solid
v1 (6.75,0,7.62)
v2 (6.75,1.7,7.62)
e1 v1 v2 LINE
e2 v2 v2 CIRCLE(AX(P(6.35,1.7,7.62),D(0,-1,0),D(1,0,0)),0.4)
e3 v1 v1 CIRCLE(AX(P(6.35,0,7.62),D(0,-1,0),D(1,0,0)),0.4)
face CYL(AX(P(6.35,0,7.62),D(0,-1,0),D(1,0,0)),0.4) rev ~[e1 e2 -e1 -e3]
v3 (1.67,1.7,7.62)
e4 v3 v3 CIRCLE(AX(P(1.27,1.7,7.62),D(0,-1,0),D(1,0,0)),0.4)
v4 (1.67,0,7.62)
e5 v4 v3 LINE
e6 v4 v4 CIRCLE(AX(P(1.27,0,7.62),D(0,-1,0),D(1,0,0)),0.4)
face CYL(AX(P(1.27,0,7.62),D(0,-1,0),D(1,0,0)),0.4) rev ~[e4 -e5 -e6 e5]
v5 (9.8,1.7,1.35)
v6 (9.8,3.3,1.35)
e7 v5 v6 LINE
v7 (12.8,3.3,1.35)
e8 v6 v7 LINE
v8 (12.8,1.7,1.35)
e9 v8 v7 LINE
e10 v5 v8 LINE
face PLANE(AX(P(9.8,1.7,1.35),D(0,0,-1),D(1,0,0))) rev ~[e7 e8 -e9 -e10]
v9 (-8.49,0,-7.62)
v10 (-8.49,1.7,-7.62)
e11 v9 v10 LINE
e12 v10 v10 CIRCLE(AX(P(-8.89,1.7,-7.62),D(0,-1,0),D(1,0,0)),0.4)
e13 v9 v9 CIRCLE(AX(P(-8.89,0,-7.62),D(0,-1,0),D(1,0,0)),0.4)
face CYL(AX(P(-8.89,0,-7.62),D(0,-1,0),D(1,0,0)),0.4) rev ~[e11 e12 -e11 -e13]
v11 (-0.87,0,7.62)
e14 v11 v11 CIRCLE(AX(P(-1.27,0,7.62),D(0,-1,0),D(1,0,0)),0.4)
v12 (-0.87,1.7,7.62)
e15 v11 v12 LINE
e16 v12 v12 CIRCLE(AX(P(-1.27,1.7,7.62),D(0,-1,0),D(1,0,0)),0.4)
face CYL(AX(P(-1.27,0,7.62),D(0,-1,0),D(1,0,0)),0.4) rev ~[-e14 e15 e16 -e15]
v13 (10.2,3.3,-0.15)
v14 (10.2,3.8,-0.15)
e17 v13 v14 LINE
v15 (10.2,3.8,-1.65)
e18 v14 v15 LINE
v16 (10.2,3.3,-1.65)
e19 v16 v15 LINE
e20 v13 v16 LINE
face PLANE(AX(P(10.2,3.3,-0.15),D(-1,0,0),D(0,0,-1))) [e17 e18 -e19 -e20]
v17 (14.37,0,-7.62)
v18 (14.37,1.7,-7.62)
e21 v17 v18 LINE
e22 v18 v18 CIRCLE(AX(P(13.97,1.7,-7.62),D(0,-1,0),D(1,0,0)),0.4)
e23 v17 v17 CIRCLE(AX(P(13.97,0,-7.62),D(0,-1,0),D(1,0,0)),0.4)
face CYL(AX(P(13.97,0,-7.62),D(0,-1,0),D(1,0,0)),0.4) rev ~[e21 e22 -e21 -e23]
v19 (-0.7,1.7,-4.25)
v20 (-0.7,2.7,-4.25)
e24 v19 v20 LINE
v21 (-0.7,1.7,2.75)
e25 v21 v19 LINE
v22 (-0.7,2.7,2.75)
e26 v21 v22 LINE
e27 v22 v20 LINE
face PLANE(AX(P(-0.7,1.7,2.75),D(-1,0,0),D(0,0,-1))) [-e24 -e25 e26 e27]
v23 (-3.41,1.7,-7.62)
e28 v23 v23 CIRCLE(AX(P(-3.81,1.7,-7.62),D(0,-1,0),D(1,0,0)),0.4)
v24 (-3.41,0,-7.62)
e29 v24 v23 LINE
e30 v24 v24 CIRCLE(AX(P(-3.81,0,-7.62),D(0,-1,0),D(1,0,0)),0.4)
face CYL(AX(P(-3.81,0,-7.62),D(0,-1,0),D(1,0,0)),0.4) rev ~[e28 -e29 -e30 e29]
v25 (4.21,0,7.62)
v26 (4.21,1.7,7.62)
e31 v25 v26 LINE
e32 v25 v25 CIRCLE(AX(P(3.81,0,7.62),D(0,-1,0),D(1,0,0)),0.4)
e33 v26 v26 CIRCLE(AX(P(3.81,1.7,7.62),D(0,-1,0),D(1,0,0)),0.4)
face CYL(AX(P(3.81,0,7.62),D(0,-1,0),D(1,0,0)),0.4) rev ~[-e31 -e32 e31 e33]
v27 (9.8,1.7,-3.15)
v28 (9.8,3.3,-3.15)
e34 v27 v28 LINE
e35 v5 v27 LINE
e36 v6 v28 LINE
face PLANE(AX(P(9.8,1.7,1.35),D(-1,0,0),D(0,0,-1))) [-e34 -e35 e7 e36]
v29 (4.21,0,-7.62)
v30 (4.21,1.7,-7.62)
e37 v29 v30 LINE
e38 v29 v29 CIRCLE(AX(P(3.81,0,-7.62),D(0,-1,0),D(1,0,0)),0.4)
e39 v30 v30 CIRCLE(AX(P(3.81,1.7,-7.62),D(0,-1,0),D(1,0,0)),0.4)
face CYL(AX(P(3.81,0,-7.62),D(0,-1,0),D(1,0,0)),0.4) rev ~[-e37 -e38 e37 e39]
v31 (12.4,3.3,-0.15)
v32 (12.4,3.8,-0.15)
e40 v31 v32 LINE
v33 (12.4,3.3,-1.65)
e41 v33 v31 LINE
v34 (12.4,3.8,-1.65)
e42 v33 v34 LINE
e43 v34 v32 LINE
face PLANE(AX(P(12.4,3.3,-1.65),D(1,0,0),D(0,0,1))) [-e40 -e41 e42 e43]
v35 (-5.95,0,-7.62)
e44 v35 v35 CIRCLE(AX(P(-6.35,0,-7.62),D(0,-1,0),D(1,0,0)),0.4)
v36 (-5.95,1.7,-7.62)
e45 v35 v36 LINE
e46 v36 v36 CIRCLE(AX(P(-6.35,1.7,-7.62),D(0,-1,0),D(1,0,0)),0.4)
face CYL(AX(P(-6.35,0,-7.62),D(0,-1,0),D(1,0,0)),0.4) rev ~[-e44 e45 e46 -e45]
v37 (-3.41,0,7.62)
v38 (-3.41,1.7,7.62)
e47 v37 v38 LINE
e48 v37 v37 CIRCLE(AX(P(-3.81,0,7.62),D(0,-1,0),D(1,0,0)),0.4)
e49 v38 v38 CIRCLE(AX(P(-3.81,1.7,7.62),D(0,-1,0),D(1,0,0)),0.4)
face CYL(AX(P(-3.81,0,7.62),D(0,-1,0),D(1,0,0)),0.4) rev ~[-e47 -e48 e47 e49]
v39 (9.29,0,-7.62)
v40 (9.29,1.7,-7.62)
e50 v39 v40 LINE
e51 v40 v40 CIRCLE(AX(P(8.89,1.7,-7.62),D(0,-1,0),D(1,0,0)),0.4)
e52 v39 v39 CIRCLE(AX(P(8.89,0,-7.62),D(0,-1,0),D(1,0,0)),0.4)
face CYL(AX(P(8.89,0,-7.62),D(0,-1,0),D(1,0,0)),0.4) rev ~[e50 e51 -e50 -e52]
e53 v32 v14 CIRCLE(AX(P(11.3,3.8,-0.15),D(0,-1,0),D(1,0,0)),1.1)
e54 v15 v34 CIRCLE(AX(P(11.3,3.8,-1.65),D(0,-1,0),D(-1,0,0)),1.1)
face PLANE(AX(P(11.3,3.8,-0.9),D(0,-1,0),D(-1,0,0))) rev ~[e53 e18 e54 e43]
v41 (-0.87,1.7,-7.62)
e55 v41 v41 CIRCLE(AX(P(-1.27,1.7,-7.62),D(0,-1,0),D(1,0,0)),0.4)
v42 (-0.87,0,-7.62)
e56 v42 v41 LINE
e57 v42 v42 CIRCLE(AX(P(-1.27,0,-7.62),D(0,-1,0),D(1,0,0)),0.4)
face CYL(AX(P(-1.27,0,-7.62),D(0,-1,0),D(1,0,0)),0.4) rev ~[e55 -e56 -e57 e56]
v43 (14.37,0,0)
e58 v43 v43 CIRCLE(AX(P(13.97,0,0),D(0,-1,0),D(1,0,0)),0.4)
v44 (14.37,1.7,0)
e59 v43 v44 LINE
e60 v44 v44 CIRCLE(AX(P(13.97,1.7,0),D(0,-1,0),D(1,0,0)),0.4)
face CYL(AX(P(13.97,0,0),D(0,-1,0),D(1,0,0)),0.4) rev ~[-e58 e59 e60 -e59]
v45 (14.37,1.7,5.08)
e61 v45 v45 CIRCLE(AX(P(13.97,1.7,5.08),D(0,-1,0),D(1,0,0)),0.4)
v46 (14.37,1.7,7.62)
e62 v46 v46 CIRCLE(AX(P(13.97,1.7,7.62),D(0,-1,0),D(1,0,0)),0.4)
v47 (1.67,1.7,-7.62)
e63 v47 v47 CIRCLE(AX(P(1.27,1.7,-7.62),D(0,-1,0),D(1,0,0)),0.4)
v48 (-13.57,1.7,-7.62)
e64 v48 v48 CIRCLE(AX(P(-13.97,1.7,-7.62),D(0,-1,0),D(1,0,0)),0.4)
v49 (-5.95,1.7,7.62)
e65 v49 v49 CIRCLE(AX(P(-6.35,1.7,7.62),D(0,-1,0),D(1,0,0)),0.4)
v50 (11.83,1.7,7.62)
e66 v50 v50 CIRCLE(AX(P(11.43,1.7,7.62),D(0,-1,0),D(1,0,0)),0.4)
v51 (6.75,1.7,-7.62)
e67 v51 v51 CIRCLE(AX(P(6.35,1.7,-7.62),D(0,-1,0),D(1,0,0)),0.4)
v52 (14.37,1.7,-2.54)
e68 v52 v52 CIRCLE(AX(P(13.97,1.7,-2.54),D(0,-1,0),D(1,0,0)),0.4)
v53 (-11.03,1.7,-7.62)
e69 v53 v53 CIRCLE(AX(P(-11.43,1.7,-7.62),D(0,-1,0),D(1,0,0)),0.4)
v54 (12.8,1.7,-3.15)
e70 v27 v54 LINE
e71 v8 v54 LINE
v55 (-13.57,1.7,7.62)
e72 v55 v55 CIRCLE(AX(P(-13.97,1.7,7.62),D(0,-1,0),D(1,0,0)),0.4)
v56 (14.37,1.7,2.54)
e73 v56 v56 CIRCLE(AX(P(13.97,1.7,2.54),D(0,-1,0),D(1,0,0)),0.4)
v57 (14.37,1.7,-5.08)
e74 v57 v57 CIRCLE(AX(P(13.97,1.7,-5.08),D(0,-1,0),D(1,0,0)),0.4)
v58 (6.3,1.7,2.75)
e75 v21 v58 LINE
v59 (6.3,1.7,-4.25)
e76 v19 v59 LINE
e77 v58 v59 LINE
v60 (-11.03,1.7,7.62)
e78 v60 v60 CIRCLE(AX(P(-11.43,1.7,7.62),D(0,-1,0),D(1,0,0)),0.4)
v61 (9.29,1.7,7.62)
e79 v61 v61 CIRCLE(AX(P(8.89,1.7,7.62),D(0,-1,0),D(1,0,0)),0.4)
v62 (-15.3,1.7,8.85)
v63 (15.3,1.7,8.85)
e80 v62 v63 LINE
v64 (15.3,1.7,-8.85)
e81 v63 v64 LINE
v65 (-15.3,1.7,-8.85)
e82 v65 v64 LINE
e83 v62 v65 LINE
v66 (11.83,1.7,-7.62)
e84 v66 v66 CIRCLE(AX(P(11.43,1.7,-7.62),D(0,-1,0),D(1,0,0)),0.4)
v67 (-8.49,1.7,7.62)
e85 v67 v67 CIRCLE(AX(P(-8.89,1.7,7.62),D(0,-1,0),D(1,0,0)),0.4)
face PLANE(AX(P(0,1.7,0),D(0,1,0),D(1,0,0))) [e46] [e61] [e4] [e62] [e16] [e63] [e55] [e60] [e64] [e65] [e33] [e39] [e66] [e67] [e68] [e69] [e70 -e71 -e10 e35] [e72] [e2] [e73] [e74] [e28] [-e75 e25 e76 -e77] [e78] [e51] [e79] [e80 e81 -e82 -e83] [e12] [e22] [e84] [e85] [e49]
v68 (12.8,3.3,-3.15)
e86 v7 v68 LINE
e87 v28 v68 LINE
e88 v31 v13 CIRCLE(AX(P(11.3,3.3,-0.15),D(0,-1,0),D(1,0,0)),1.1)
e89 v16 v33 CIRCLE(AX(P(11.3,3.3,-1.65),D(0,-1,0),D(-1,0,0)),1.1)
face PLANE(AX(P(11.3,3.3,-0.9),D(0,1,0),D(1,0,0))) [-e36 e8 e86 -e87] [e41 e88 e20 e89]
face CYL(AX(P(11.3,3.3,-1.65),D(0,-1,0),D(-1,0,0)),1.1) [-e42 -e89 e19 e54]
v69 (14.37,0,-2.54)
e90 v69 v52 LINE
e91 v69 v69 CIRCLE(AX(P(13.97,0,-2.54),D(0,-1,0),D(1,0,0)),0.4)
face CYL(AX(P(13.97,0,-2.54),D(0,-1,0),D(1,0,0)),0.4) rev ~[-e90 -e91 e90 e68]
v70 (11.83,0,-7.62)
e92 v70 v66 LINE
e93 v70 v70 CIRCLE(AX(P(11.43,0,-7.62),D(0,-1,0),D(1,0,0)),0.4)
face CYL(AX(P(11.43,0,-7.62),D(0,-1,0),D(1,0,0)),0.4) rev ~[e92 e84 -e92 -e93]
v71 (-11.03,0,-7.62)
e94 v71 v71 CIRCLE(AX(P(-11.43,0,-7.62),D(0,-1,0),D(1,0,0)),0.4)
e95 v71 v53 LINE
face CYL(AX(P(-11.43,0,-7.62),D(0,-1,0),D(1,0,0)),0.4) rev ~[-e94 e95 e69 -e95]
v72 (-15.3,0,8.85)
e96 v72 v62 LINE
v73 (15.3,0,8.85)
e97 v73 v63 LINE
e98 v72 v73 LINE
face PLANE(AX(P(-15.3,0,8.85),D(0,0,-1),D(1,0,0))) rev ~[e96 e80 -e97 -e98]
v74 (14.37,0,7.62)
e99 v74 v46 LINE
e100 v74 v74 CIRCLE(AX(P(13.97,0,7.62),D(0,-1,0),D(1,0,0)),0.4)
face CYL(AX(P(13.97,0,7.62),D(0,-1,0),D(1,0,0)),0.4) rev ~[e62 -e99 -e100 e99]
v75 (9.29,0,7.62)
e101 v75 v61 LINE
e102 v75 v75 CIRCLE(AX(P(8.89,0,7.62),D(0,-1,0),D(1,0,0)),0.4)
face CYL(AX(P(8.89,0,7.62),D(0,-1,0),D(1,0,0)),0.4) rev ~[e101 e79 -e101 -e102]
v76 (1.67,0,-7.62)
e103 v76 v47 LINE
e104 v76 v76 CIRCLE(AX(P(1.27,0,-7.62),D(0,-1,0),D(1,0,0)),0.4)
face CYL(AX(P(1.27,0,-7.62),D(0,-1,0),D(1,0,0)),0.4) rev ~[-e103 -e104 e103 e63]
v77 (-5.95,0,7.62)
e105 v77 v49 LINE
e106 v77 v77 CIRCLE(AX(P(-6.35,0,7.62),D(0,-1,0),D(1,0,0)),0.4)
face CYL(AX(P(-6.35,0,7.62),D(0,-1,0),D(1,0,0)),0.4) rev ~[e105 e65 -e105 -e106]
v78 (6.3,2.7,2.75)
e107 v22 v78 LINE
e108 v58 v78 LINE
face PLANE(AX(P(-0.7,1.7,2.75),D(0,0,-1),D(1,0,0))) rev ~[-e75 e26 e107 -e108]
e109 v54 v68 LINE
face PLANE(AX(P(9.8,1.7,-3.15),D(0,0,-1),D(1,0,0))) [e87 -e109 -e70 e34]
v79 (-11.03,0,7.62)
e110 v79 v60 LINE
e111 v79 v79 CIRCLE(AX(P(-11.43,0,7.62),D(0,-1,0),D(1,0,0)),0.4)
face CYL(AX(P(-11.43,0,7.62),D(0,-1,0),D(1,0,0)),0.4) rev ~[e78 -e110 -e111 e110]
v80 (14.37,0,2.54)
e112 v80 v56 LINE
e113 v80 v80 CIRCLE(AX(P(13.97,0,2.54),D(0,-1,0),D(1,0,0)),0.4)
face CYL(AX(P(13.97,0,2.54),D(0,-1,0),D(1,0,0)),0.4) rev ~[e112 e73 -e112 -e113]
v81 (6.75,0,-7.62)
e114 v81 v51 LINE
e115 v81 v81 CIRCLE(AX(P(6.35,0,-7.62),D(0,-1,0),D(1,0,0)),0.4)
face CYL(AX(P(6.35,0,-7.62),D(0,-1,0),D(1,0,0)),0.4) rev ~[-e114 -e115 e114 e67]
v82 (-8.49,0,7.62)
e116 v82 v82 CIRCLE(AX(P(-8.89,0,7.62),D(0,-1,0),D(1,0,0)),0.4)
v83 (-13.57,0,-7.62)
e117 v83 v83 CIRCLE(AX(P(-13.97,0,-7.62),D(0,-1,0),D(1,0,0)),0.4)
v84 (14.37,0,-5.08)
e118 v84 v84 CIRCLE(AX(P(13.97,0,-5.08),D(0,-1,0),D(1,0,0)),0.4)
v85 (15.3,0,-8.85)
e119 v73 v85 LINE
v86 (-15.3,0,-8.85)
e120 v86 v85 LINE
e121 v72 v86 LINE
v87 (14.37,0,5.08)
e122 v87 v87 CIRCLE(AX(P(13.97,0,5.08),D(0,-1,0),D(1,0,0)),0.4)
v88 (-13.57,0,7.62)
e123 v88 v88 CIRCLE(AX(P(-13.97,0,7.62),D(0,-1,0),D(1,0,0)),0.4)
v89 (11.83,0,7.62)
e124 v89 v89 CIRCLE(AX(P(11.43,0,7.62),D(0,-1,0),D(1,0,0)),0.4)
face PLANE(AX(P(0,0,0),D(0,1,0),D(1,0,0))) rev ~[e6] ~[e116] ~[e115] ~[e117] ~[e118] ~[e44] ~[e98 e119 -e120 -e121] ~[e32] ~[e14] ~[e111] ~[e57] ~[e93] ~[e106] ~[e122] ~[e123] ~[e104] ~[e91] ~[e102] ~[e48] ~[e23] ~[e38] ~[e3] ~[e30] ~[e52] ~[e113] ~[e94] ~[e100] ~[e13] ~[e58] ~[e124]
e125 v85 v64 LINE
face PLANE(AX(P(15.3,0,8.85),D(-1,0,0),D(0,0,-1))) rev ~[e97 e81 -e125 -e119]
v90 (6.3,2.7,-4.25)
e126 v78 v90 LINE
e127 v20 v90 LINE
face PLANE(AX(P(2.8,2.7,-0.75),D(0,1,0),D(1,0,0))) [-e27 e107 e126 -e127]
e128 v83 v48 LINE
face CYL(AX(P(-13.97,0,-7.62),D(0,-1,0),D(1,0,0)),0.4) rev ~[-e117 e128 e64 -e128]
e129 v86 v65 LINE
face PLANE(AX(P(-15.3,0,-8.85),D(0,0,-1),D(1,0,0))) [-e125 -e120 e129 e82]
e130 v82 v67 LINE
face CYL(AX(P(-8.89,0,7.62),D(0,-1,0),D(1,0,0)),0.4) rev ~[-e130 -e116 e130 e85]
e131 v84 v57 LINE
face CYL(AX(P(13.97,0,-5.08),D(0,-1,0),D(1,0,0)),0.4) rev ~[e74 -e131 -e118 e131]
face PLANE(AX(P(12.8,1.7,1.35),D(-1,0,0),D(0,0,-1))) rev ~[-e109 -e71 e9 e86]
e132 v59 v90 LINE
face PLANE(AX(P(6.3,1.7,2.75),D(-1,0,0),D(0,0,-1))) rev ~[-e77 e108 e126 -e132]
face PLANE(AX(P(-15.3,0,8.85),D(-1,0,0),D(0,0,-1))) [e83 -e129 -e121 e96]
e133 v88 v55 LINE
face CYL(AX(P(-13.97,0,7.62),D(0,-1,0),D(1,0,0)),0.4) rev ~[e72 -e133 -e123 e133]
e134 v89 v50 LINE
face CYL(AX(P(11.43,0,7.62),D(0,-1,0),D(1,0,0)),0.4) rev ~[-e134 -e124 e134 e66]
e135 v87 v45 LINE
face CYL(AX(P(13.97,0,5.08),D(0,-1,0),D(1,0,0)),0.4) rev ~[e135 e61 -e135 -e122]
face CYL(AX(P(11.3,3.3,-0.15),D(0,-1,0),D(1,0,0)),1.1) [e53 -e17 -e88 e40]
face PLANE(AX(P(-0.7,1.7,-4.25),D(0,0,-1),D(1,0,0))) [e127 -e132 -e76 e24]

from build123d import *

# Parameters (mm, degrees)
ESQUISSE1_W             = 30.6
ESQUISSE1_H             = 17.7
BOSS_EXTRU_1_DEPTH      = 1.7
ESQUISSE2_W             = 7
ESQUISSE2_H             = 7
BOSS_EXTRU_2_DEPTH      = 1
ESQUISSE3_R             = 0.4
ENL_V_MAT_EXTRU_1_DEPTH = 3.7
ESQUISSE4_W             = 3
ESQUISSE4_H             = 4.5
BOSS_EXTRU_3_DEPTH      = 1.6
BOSS_EXTRU_4_DEPTH      = 0.5


with BuildPart() as part:
    # Esquisse1 → Boss.-Extru.1 (new body)
    with BuildSketch(Plane(origin=(0, 0, 0), x_dir=(1, 0, 0), z_dir=(0, 1, 0))):
        Rectangle(ESQUISSE1_W, ESQUISSE1_H)
    extrude(amount=BOSS_EXTRU_1_DEPTH)

    # Esquisse2 → Boss.-Extru.2 (add)
    with BuildSketch(Plane(origin=(0, 1.7, 0), x_dir=(1, 0, 0), z_dir=(0, 1, 0))):
        with Locations((2.8, 0.75)):
            Rectangle(ESQUISSE2_W, ESQUISSE2_H)
    extrude(amount=BOSS_EXTRU_2_DEPTH)

    # Esquisse3 → Enlèv. mat.-Extru.1 (cut, through all)
    with BuildSketch(Plane.XZ):
        with Locations((-13.97, -7.62)):
            Circle(ESQUISSE3_R)
        with Locations((-11.43, -7.62)):
            Circle(ESQUISSE3_R)
        with Locations((-8.89, -7.62)):
            Circle(ESQUISSE3_R)
        with Locations((-6.35, -7.62)):
            Circle(ESQUISSE3_R)
        with Locations((-3.81, -7.62)):
            Circle(ESQUISSE3_R)
        with Locations((-1.27, -7.62)):
            Circle(ESQUISSE3_R)
        with Locations((1.27, -7.62)):
            Circle(ESQUISSE3_R)
        with Locations((3.81, -7.62)):
            Circle(ESQUISSE3_R)
        with Locations((6.35, -7.62)):
            Circle(ESQUISSE3_R)
        with Locations((8.89, -7.62)):
            Circle(ESQUISSE3_R)
        with Locations((11.43, -7.62)):
            Circle(ESQUISSE3_R)
        with Locations((13.97, -7.62)):
            Circle(ESQUISSE3_R)
        with Locations((13.97, -5.08)):
            Circle(ESQUISSE3_R)
        with Locations((13.97, -2.54)):
            Circle(ESQUISSE3_R)
        with Locations((13.97, 0)):
            Circle(ESQUISSE3_R)
        with Locations((13.97, 2.54)):
            Circle(ESQUISSE3_R)
        with Locations((13.97, 5.08)):
            Circle(ESQUISSE3_R)
        with Locations((13.97, 7.62)):
            Circle(ESQUISSE3_R)
        with Locations((11.43, 7.62)):
            Circle(ESQUISSE3_R)
        with Locations((8.89, 7.62)):
            Circle(ESQUISSE3_R)
        with Locations((6.35, 7.62)):
            Circle(ESQUISSE3_R)
        with Locations((3.81, 7.62)):
            Circle(ESQUISSE3_R)
        with Locations((1.27, 7.62)):
            Circle(ESQUISSE3_R)
        with Locations((-1.27, 7.62)):
            Circle(ESQUISSE3_R)
        with Locations((-3.81, 7.62)):
            Circle(ESQUISSE3_R)
        with Locations((-6.35, 7.62)):
            Circle(ESQUISSE3_R)
        with Locations((-8.89, 7.62)):
            Circle(ESQUISSE3_R)
        with Locations((-11.43, 7.62)):
            Circle(ESQUISSE3_R)
        with Locations((-13.97, 7.62)):
            Circle(ESQUISSE3_R)
    extrude(amount=-ENL_V_MAT_EXTRU_1_DEPTH, mode=Mode.SUBTRACT)

    # Esquisse4 → Boss.-Extru.3 (add)
    with BuildSketch(Plane(origin=(0, 1.7, 0), x_dir=(1, 0, 0), z_dir=(0, 1, 0))):
        with Locations((11.3, 0.9)):
            Rectangle(ESQUISSE4_W, ESQUISSE4_H)
    extrude(amount=BOSS_EXTRU_3_DEPTH)

    # Esquisse5 → Boss.-Extru.4 (add)
    with BuildSketch(Plane(origin=(0, 3.3, 0), x_dir=(1, 0, 0), z_dir=(0, 1, 0))):
        with BuildLine():
            Line((12.4, 1.65), (12.4, 0.15))
            ThreePointArc((12.4, 0.15), (11.3, -0.95), (10.2, 0.15))
            Line((10.2, 0.15), (10.2, 1.65))
            ThreePointArc((10.2, 1.65), (11.3, 2.75), (12.4, 1.65))
        make_face()
    extrude(amount=BOSS_EXTRU_4_DEPTH)


solid = part.part
